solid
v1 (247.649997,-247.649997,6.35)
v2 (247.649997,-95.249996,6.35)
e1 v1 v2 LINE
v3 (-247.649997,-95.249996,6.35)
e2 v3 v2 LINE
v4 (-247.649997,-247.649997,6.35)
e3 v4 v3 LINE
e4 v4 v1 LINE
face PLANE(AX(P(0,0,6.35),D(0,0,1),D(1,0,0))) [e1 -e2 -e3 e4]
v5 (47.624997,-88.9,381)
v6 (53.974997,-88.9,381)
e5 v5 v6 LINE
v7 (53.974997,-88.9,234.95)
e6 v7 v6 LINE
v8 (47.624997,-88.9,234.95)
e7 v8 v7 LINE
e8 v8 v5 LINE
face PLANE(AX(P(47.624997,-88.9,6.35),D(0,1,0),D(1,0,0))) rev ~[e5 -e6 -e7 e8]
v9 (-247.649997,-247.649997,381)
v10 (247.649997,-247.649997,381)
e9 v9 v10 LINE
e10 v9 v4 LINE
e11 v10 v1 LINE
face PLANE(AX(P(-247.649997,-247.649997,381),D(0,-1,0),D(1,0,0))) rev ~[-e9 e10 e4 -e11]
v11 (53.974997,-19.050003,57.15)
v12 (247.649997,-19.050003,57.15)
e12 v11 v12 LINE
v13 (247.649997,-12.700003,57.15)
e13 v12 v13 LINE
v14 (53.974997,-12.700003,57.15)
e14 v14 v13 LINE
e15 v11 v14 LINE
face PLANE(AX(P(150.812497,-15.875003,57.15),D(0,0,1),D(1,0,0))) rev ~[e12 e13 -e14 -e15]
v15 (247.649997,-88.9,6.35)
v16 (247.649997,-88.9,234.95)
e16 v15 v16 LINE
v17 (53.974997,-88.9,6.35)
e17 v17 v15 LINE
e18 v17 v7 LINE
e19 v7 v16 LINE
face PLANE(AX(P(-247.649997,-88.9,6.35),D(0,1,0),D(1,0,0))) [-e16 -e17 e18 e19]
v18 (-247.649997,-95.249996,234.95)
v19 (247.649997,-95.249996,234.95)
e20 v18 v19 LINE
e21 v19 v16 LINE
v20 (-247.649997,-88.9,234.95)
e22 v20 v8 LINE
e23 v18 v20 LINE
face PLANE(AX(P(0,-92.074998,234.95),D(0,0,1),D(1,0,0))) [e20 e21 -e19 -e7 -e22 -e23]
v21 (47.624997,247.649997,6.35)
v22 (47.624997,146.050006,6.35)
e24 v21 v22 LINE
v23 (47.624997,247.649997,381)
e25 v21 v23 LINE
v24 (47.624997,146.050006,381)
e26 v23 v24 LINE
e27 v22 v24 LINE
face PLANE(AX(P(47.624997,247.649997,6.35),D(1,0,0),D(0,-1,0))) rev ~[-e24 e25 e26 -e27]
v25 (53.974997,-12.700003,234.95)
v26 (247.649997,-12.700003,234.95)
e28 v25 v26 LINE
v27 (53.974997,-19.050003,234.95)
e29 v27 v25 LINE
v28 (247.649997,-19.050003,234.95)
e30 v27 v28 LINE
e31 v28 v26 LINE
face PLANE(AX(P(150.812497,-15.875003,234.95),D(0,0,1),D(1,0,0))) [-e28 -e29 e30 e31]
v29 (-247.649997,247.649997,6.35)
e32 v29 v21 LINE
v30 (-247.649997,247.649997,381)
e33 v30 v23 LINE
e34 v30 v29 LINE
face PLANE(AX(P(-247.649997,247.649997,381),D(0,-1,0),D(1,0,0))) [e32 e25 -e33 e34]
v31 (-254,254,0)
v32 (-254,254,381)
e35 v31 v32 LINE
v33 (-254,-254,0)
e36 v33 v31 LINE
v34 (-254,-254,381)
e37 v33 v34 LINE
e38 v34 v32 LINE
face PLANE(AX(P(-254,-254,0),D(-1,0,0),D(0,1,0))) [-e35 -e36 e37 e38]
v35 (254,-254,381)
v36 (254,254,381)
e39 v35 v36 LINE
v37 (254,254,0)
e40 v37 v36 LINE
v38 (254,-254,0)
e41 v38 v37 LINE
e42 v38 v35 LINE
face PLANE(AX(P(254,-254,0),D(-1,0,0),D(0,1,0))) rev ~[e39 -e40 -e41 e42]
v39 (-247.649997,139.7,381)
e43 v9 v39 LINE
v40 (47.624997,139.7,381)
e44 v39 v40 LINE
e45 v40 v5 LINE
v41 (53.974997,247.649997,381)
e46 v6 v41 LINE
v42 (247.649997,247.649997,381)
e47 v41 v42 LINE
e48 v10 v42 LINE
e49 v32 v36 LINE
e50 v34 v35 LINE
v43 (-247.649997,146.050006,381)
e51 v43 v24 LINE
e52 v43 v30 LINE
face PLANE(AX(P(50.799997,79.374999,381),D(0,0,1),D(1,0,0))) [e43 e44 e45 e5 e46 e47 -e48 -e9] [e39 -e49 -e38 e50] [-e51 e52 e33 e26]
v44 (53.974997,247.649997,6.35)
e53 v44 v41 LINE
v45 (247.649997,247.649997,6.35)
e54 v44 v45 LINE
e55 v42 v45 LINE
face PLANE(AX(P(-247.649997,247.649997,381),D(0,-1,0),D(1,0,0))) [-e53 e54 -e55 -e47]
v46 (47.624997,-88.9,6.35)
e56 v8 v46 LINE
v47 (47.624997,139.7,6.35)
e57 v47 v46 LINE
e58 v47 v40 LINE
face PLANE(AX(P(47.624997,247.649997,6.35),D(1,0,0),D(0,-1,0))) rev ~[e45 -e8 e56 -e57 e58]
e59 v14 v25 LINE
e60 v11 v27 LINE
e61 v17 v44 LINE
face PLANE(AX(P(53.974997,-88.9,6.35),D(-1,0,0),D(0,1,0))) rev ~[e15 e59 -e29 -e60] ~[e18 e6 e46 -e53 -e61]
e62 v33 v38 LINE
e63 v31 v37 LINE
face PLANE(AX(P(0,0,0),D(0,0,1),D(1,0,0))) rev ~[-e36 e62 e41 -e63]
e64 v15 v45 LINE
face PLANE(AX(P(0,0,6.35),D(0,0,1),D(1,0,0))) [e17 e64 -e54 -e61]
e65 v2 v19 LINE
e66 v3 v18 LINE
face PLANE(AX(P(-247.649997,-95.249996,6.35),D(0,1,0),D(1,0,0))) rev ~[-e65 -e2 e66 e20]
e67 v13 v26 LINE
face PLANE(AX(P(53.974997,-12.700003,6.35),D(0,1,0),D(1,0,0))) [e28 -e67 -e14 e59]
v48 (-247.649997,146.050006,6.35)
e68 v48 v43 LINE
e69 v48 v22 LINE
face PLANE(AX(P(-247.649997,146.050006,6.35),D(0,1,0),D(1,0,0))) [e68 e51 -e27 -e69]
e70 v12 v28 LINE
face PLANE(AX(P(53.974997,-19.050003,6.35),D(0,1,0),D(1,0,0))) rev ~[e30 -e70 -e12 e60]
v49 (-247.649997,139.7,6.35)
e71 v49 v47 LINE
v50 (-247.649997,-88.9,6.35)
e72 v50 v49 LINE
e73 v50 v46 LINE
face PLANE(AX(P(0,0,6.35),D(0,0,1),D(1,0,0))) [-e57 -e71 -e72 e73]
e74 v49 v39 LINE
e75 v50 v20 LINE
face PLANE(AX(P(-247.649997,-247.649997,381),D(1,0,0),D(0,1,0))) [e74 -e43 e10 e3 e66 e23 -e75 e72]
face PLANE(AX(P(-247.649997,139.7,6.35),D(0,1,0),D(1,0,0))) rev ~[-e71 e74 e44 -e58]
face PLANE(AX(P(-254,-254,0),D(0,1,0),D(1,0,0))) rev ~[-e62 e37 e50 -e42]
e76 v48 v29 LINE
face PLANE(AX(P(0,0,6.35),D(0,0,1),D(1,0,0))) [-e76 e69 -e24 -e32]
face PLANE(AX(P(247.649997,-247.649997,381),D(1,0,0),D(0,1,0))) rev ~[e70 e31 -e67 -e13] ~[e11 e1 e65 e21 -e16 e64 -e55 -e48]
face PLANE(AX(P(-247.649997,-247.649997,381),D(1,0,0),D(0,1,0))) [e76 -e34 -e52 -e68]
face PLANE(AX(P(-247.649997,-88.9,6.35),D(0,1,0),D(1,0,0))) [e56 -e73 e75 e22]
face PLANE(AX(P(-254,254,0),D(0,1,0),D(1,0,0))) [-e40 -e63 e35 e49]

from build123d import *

# Parameters (mm, degrees)
F0_W      = 508
F0_H      = 508
F1_DEPTH  = 381
F2_W      = 495.299994
F2_H      = 495.299994
F3_DEPTH  = 374.65
F4_W      = 495.299994
F4_H      = 6.349997
F5_DEPTH  = 228.6
F6_W      = 193.675
F6_H      = 6.35
F7_DEPTH  = 228.6
F8_DEPTH  = 374.65
F6_W_2    = 295.274994
F6_H_2    = 6.350006
F9_DEPTH  = 374.65
F10_DEPTH = 50.8


with BuildPart() as f1:
    # F0 (on Top) → F1 (new body)
    with BuildSketch(Plane.XY):
        Rectangle(F0_W, F0_H)
    extrude(amount=F1_DEPTH)

    # F2 (on face) → F3 (cut)
    with BuildSketch(Plane.XY.offset(381)):
        Rectangle(F2_W, F2_H)
    extrude(amount=-F3_DEPTH, mode=Mode.SUBTRACT)

    # F4 (on face) → F5 (join)
    with BuildSketch(Plane.XY.offset(6.35)):
        with Locations((0, -92.074998)):
            Rectangle(F4_W, F4_H)
    extrude(amount=F5_DEPTH)

    # F6 (on face) → F7 (join)
    with BuildSketch(Plane.XY.offset(6.35)):
        with Locations((150.812497, -15.875003)):
            Rectangle(F6_W, F6_H)
    extrude(amount=F7_DEPTH)

    # F6 (on face) → F8 (join)
    with BuildSketch(Plane.XY.offset(6.35)):
        Polygon((53.974997, -12.700003), (53.974997, 247.649997), (47.624997, 247.649997), (47.624997, 146.050006), (47.624997, 139.7), (47.624997, -88.9), (53.974997, -88.9), (53.974997, -19.050003), align=None)
    extrude(amount=F8_DEPTH)

    # F6 (on face) → F9 (join)
    with BuildSketch(Plane.XY.offset(6.35)):
        with Locations((-100.0125, 142.875003)):
            Rectangle(F6_W_2, F6_H_2)
    extrude(amount=F9_DEPTH)

    # F6 (on face) → F10 (cut)
    with BuildSketch(Plane.XY.offset(6.35)):
        with Locations((150.812497, -15.875003)):
            Rectangle(F6_W, F6_H)
    extrude(amount=F10_DEPTH, mode=Mode.SUBTRACT)


solid = f1.part
